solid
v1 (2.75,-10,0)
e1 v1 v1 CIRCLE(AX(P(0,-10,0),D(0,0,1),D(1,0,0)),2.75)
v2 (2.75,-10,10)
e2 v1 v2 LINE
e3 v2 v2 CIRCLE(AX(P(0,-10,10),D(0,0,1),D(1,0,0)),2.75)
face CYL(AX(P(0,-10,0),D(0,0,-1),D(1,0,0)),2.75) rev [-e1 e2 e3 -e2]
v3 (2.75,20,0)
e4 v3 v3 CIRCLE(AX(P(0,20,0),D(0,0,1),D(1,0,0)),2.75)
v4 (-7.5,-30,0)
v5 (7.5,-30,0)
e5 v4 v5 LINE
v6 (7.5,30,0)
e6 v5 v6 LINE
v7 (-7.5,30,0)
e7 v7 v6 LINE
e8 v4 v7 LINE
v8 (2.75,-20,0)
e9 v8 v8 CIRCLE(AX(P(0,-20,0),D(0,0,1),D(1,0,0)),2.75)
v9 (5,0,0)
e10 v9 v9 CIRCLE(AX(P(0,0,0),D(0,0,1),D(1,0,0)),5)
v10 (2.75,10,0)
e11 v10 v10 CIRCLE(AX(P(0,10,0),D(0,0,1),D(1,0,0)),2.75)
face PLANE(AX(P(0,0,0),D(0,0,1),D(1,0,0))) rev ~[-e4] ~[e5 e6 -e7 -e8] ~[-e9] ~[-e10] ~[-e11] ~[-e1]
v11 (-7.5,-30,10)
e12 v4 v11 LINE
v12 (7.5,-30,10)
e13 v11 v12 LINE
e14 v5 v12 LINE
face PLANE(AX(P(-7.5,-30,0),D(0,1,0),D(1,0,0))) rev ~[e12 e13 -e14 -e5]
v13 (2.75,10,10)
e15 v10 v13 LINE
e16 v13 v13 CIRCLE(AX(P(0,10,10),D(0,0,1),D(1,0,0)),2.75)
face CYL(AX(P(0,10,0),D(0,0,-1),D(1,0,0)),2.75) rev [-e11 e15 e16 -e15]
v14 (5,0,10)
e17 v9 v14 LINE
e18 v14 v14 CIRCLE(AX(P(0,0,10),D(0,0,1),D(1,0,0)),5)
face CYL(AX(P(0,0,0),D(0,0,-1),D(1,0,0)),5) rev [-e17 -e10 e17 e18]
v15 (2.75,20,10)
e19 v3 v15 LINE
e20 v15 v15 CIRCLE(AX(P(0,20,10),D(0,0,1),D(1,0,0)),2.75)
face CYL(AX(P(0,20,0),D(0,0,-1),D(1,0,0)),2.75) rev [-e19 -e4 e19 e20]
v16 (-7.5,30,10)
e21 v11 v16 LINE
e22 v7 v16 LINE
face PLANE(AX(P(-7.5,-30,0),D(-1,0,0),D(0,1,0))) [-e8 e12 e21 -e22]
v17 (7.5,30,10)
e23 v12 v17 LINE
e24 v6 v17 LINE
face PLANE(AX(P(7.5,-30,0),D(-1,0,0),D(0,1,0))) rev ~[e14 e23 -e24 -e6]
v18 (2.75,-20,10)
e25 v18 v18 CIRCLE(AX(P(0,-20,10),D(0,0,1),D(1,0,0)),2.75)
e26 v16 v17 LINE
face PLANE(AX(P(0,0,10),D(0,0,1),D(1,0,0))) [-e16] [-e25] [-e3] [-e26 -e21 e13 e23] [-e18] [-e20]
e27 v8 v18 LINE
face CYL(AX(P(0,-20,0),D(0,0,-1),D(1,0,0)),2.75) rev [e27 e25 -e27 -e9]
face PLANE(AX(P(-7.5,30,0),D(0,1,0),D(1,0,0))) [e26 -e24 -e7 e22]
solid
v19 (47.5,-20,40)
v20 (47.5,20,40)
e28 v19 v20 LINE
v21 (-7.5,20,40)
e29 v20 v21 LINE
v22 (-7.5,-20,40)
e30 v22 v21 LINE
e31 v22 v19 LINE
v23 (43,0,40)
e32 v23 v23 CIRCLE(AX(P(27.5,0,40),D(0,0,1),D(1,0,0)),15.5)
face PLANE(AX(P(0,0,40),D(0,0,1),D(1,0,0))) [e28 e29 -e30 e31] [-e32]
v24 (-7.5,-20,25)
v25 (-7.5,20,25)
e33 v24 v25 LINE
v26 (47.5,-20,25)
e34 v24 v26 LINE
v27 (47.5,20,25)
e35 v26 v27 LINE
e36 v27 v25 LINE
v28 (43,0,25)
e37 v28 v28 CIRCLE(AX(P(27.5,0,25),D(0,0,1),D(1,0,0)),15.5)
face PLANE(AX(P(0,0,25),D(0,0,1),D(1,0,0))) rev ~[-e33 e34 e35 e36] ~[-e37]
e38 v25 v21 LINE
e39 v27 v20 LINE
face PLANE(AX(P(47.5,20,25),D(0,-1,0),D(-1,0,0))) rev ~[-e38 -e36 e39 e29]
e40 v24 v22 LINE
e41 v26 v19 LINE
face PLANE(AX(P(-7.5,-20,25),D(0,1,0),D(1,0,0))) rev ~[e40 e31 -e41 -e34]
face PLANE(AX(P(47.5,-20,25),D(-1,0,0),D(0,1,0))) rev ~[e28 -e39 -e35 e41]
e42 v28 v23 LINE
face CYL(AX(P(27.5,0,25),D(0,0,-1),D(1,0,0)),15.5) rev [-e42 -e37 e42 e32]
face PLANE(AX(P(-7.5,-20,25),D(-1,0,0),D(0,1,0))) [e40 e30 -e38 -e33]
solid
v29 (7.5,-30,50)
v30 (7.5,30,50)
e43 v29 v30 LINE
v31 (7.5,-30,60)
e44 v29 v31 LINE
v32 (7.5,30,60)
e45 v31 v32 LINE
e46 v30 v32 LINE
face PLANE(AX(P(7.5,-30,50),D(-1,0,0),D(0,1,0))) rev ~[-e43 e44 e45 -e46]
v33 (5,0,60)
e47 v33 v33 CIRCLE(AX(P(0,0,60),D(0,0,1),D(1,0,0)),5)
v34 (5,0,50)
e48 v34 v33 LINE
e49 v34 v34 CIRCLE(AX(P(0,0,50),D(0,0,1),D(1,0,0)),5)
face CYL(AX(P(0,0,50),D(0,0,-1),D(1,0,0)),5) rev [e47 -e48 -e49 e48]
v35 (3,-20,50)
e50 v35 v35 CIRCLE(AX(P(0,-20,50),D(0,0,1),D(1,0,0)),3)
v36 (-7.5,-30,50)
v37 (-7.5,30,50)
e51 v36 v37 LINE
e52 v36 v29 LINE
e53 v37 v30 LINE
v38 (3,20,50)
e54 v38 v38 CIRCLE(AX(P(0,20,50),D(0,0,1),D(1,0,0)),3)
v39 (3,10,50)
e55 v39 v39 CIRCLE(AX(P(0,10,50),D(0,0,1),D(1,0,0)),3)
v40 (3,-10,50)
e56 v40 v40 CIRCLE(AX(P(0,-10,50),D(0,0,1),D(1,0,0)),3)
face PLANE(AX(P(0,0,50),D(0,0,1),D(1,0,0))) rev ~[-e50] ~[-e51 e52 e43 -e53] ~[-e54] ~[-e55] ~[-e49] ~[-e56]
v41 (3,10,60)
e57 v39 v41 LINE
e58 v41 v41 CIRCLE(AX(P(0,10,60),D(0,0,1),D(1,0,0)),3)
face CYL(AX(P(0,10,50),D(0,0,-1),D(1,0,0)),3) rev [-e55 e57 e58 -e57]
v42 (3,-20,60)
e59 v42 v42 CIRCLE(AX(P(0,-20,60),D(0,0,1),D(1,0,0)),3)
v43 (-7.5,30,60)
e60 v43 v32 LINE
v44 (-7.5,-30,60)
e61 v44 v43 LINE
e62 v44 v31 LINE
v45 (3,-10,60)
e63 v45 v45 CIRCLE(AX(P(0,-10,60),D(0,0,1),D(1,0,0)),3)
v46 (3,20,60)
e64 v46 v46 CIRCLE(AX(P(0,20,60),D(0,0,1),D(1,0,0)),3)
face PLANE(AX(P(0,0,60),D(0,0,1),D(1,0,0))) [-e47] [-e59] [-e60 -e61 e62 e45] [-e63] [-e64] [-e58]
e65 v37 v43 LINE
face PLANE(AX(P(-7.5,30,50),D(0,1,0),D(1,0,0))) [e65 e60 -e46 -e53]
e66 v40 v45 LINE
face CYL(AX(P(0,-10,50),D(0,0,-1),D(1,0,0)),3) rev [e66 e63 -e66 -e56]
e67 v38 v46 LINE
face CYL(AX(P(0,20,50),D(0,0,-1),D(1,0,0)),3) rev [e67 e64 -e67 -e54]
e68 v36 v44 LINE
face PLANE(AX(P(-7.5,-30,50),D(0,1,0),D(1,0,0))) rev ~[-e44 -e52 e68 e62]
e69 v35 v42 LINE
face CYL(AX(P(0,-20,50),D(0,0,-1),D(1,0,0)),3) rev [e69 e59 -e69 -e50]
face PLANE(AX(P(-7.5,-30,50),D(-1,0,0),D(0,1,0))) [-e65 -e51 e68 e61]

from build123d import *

# Parameters (mm, degrees)
F0_W     = 15
F0_H     = 60
F0_R     = 2.75
F0_R_2   = 5
F5_DEPTH = 10
F3_W     = 15
F3_H     = 60
F3_R     = 3
F3_R_2   = 5
F6_DEPTH = 10
F4_W     = 15
F4_H     = 40
F4_W_2   = 40
F4_R     = 15.5
F7_DEPTH = 15


with BuildPart() as f5:
    # F0 (on Top) → F5 (new body)
    with BuildSketch(Plane.XY):
        Rectangle(F0_W, F0_H)
        with Locations((0, -20)):
            Circle(F0_R, mode=Mode.SUBTRACT)
        with Locations((0, -10)):
            Circle(F0_R, mode=Mode.SUBTRACT)
        Circle(F0_R_2, mode=Mode.SUBTRACT)
        with Locations((0, 10)):
            Circle(F0_R, mode=Mode.SUBTRACT)
        with Locations((0, 20)):
            Circle(F0_R, mode=Mode.SUBTRACT)
    extrude(amount=F5_DEPTH)


with BuildPart() as f6:
    # F3 (on offset) → F6 (new body)
    with BuildSketch(Plane.XY.offset(50)):
        Rectangle(F3_W, F3_H)
        with Locations((0, -20)):
            Circle(F3_R, mode=Mode.SUBTRACT)
        with Locations((0, -10)):
            Circle(F3_R, mode=Mode.SUBTRACT)
        Circle(F3_R_2, mode=Mode.SUBTRACT)
        with Locations((0, 10)):
            Circle(F3_R, mode=Mode.SUBTRACT)
        with Locations((0, 20)):
            Circle(F3_R, mode=Mode.SUBTRACT)
    extrude(amount=F6_DEPTH)


with BuildPart() as f7:
    # F4 (on offset) → F7 (new body)
    with BuildSketch(Plane.XY.offset(25)):
        Rectangle(F4_W, F4_H)
        with Locations((27.5, 0)):
            Rectangle(F4_W_2, F4_H)
        with Locations((27.5, 0)):
            Circle(F4_R, mode=Mode.SUBTRACT)
    extrude(amount=F7_DEPTH)


solid = Compound([f5.part, f6.part, f7.part])
